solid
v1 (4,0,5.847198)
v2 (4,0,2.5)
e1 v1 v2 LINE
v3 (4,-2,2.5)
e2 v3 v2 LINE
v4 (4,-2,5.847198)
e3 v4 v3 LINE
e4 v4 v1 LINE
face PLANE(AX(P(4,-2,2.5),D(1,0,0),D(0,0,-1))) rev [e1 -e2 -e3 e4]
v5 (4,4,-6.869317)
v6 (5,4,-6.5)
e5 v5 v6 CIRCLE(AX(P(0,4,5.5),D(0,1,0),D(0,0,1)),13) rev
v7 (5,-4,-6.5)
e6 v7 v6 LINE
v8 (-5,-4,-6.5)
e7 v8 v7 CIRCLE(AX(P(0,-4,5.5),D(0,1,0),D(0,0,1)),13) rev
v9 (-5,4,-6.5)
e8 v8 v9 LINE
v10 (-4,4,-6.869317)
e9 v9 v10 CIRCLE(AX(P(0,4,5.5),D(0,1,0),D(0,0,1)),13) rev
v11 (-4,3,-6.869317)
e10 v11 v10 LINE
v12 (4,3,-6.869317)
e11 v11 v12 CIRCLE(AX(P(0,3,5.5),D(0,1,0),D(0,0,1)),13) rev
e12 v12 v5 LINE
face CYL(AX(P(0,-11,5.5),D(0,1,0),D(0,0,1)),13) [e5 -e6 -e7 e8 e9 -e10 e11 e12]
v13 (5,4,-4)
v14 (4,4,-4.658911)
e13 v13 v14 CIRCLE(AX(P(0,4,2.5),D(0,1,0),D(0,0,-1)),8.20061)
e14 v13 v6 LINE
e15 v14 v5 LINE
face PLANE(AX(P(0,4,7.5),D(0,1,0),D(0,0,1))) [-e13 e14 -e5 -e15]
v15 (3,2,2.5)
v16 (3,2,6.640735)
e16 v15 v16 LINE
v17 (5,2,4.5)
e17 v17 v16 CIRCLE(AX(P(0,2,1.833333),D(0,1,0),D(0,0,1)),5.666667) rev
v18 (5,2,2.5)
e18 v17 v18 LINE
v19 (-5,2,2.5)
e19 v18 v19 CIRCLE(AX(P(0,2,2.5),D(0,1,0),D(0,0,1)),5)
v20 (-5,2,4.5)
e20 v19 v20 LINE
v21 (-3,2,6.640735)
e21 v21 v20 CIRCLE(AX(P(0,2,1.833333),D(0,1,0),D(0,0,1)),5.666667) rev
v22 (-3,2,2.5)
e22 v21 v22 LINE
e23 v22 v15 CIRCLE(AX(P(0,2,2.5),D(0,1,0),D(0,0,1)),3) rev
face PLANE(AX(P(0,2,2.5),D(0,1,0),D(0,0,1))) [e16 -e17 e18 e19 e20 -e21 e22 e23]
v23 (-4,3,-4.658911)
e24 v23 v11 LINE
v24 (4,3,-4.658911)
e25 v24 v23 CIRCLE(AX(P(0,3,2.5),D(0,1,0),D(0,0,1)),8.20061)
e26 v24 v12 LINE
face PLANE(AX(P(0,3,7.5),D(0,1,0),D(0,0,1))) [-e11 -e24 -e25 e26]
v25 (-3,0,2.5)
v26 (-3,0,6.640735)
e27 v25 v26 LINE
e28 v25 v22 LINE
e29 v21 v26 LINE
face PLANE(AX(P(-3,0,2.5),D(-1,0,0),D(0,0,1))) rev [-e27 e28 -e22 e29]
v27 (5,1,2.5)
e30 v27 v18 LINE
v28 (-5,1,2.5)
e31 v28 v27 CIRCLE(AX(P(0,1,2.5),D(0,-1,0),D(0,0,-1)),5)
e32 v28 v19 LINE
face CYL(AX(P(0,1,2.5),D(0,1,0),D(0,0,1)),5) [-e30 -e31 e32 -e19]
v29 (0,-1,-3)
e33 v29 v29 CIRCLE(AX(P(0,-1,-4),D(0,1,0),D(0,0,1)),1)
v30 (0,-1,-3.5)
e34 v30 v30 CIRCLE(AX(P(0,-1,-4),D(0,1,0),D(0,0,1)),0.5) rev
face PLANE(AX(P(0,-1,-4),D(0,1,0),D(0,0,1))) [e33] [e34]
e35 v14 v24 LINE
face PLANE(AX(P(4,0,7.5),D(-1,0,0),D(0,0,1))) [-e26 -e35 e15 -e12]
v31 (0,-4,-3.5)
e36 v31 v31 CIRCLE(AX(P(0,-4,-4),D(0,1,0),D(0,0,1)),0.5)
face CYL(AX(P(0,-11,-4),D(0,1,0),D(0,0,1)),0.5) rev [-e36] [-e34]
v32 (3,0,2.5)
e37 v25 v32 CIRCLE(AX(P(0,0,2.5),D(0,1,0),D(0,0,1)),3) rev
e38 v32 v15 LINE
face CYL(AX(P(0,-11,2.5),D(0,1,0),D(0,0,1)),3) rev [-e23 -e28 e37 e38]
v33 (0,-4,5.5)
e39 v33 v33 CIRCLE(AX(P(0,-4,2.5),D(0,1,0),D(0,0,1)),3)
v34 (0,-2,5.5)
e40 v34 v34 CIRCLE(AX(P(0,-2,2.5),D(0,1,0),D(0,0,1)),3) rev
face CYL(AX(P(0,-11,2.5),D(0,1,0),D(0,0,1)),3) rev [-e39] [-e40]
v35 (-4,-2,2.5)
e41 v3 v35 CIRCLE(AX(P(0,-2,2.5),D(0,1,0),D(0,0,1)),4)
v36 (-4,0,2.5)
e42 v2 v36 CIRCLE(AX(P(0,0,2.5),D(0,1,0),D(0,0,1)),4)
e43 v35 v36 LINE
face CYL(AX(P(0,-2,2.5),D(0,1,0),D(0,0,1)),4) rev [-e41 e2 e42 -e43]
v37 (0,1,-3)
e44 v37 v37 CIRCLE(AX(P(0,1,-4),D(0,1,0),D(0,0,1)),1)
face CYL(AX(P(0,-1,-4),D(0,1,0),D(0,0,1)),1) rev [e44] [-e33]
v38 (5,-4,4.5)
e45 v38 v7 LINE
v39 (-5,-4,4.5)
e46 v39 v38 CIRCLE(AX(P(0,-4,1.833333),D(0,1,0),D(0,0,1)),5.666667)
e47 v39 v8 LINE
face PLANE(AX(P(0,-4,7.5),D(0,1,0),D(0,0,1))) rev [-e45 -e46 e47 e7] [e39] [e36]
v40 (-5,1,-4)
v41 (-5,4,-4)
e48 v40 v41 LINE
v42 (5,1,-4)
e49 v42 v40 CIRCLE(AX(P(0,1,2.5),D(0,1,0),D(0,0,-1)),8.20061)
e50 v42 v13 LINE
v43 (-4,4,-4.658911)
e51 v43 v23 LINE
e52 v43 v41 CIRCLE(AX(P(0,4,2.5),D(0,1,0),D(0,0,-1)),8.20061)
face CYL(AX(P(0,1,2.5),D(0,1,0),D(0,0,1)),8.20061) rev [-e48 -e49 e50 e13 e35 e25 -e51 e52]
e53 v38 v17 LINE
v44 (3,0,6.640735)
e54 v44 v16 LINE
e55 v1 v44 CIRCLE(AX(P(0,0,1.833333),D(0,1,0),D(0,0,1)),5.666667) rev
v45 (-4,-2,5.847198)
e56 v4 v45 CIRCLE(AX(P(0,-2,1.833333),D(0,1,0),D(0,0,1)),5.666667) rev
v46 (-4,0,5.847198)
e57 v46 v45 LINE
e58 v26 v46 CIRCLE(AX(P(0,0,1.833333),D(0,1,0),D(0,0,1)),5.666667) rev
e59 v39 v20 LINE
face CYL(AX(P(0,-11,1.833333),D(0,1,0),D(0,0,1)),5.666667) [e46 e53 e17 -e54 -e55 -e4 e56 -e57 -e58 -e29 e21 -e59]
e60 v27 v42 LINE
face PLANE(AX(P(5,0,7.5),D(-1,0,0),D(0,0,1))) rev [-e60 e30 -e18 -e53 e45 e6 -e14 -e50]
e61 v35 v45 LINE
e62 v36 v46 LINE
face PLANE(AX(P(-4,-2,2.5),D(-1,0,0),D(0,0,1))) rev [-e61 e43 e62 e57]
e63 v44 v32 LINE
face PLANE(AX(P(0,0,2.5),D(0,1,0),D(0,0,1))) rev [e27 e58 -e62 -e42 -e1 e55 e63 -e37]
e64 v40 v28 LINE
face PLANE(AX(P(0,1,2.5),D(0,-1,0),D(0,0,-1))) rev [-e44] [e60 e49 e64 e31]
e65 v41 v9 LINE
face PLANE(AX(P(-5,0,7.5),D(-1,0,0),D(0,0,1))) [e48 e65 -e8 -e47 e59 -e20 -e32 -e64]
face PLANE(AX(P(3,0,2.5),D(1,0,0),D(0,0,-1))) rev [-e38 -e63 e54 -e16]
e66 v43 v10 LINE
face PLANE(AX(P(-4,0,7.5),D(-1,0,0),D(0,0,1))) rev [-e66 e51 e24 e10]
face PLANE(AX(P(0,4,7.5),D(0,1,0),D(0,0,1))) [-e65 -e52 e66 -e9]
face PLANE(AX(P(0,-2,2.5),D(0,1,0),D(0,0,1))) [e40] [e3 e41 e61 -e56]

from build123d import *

# Parameters (mm, degrees)
BOSS_EXTRUDE1_DEPTH = 7.5
SKETCH2_R           = 0.5
SKETCH2_R_2         = 3
CUT_EXTRUDE1_DEPTH  = 15
CUT_EXTRUDE2_DEPTH  = 3
CUT_EXTRUDE3_DEPTH  = 2
CUT_EXTRUDE4_DEPTH  = 2
CUT_EXTRUDE5_DEPTH  = 3
SKETCH8_R           = 1
CUT_EXTRUDE6_DEPTH  = 2


with BuildPart() as part:
    # Sketch1 → Boss-Extrude1 (new body, symmetric)
    with BuildSketch(Plane.XY):
        Polygon((-5, 4), (-5, -4), (5, -4), (5, 4), (4, 4), (4, 3), (-4, 3), (-4, 4), align=None)
    extrude(amount=BOSS_EXTRUDE1_DEPTH, both=True)

    # Sketch2 → Cut-Extrude1 (cut)
    with BuildSketch(Plane(origin=(0, 4, 0), x_dir=(1, 0, 0), z_dir=(0, 1, 0))):
        with BuildLine():
            Line((-5, 7.5), (-5, 6.5))
            ThreePointArc((-5, 6.5), (-2.549509757, 7.247548784), (0, 7.5))
            Line((0, 7.5), (-5, 7.5))
        make_face()
        with BuildLine():
            Line((4, 7.5), (0, 7.5))
            ThreePointArc((0, 7.5), (2.02470746, 7.341361287), (4, 6.869316877))
            Line((4, 6.869316877), (4, 7.5))
        make_face()
        with BuildLine():
            Line((5, 7.5), (4, 7.5))
            Line((4, 7.5), (4, 6.869316877))
            ThreePointArc((4, 6.869316877), (4.503787155, 6.694912926), (5, 6.5))
            Line((5, 6.5), (5, 7.5))
        make_face()
        with Locations((0, 4)):
            Circle(SKETCH2_R)
        with BuildLine():
            Line((-5, -7.5), (0, -7.5))
            ThreePointArc((0, -7.5), (-2.915475947, -6.692459912), (-5, -4.5))
            Line((-5, -4.5), (-5, -7.5))
        make_face()
        with BuildLine():
            ThreePointArc((5, -4.5), (4.550135794, -5.210813958), (4, -5.847198193))
            Line((4, -5.847198193), (4, -7.5))
            Line((4, -7.5), (5, -7.5))
            Line((5, -7.5), (5, -4.5))
        make_face()
        with BuildLine():
            Line((4, -7.5), (4, -5.847198193))
            ThreePointArc((4, -5.847198193), (2.164009809, -7.070524628), (0, -7.5))
            Line((0, -7.5), (4, -7.5))
        make_face()
        with Locations((0, -2.5)):
            Circle(SKETCH2_R_2)
    extrude(amount=-CUT_EXTRUDE1_DEPTH, mode=Mode.SUBTRACT)

    # Sketch4 → Cut-Extrude2 (cut)
    with BuildSketch(Plane(origin=(0, 3, 0), x_dir=(1, 0, 0), z_dir=(0, 1, 0))):
        with BuildLine():
            Line((3, -2.5), (3, -9.188092465))
            ThreePointArc((3, -9.188092465), (0, -12.188092465), (-3, -9.188092465))
            Line((-3, -9.188092465), (-3, -2.5))
            ThreePointArc((-3, -2.5), (0, 0.5), (3, -2.5))
        make_face()
    extrude(amount=-CUT_EXTRUDE2_DEPTH, mode=Mode.SUBTRACT)

    # Sketch5 → Cut-Extrude3 (cut)
    with BuildSketch(Plane(origin=(0, 0, 0), x_dir=(1, 0, 0), z_dir=(0, 1, 0))):
        with BuildLine():
            Line((4, -2.5), (4, -8.475889446))
            ThreePointArc((4, -8.475889446), (0, -12.475889446), (-4, -8.475889446))
            Line((-4, -8.475889446), (-4, -2.5))
            ThreePointArc((-4, -2.5), (0, 1.5), (4, -2.5))
        make_face()
    extrude(amount=-CUT_EXTRUDE3_DEPTH, mode=Mode.SUBTRACT)

    # Sketch6 → Cut-Extrude4 (cut)
    with BuildSketch(Plane(origin=(0, 4, 0), x_dir=(1, 0, 0), z_dir=(0, 1, 0))):
        with BuildLine():
            Line((5, -2.5), (5, -8.536359525))
            ThreePointArc((5, -8.536359525), (0, -13.536359525), (-5, -8.536359525))
            Line((-5, -8.536359525), (-5, -2.5))
            ThreePointArc((-5, -2.5), (0, 2.5), (5, -2.5))
        make_face()
    extrude(amount=-CUT_EXTRUDE4_DEPTH, mode=Mode.SUBTRACT)

    # Sketch7 → Cut-Extrude5 (cut)
    with BuildSketch(Plane(origin=(0, 4, 0), x_dir=(1, 0, 0), z_dir=(0, 1, 0))):
        with BuildLine():
            Line((-5, -2.5), (-5, 4))
            ThreePointArc((-5, 4), (0, 5.700609733), (5, 4))
            Line((5, 4), (5, -2.5))
            ThreePointArc((5, -2.5), (0, 2.5), (-5, -2.5))
        make_face()
    extrude(amount=-CUT_EXTRUDE5_DEPTH, mode=Mode.SUBTRACT)

    # Sketch8 → Cut-Extrude6 (cut)
    with BuildSketch(Plane(origin=(0, 1, 0), x_dir=(1, 0, 0), z_dir=(0, 1, 0))):
        with Locations((0, 4)):
            Circle(SKETCH8_R)
    extrude(amount=-CUT_EXTRUDE6_DEPTH, mode=Mode.SUBTRACT)


solid = part.part
